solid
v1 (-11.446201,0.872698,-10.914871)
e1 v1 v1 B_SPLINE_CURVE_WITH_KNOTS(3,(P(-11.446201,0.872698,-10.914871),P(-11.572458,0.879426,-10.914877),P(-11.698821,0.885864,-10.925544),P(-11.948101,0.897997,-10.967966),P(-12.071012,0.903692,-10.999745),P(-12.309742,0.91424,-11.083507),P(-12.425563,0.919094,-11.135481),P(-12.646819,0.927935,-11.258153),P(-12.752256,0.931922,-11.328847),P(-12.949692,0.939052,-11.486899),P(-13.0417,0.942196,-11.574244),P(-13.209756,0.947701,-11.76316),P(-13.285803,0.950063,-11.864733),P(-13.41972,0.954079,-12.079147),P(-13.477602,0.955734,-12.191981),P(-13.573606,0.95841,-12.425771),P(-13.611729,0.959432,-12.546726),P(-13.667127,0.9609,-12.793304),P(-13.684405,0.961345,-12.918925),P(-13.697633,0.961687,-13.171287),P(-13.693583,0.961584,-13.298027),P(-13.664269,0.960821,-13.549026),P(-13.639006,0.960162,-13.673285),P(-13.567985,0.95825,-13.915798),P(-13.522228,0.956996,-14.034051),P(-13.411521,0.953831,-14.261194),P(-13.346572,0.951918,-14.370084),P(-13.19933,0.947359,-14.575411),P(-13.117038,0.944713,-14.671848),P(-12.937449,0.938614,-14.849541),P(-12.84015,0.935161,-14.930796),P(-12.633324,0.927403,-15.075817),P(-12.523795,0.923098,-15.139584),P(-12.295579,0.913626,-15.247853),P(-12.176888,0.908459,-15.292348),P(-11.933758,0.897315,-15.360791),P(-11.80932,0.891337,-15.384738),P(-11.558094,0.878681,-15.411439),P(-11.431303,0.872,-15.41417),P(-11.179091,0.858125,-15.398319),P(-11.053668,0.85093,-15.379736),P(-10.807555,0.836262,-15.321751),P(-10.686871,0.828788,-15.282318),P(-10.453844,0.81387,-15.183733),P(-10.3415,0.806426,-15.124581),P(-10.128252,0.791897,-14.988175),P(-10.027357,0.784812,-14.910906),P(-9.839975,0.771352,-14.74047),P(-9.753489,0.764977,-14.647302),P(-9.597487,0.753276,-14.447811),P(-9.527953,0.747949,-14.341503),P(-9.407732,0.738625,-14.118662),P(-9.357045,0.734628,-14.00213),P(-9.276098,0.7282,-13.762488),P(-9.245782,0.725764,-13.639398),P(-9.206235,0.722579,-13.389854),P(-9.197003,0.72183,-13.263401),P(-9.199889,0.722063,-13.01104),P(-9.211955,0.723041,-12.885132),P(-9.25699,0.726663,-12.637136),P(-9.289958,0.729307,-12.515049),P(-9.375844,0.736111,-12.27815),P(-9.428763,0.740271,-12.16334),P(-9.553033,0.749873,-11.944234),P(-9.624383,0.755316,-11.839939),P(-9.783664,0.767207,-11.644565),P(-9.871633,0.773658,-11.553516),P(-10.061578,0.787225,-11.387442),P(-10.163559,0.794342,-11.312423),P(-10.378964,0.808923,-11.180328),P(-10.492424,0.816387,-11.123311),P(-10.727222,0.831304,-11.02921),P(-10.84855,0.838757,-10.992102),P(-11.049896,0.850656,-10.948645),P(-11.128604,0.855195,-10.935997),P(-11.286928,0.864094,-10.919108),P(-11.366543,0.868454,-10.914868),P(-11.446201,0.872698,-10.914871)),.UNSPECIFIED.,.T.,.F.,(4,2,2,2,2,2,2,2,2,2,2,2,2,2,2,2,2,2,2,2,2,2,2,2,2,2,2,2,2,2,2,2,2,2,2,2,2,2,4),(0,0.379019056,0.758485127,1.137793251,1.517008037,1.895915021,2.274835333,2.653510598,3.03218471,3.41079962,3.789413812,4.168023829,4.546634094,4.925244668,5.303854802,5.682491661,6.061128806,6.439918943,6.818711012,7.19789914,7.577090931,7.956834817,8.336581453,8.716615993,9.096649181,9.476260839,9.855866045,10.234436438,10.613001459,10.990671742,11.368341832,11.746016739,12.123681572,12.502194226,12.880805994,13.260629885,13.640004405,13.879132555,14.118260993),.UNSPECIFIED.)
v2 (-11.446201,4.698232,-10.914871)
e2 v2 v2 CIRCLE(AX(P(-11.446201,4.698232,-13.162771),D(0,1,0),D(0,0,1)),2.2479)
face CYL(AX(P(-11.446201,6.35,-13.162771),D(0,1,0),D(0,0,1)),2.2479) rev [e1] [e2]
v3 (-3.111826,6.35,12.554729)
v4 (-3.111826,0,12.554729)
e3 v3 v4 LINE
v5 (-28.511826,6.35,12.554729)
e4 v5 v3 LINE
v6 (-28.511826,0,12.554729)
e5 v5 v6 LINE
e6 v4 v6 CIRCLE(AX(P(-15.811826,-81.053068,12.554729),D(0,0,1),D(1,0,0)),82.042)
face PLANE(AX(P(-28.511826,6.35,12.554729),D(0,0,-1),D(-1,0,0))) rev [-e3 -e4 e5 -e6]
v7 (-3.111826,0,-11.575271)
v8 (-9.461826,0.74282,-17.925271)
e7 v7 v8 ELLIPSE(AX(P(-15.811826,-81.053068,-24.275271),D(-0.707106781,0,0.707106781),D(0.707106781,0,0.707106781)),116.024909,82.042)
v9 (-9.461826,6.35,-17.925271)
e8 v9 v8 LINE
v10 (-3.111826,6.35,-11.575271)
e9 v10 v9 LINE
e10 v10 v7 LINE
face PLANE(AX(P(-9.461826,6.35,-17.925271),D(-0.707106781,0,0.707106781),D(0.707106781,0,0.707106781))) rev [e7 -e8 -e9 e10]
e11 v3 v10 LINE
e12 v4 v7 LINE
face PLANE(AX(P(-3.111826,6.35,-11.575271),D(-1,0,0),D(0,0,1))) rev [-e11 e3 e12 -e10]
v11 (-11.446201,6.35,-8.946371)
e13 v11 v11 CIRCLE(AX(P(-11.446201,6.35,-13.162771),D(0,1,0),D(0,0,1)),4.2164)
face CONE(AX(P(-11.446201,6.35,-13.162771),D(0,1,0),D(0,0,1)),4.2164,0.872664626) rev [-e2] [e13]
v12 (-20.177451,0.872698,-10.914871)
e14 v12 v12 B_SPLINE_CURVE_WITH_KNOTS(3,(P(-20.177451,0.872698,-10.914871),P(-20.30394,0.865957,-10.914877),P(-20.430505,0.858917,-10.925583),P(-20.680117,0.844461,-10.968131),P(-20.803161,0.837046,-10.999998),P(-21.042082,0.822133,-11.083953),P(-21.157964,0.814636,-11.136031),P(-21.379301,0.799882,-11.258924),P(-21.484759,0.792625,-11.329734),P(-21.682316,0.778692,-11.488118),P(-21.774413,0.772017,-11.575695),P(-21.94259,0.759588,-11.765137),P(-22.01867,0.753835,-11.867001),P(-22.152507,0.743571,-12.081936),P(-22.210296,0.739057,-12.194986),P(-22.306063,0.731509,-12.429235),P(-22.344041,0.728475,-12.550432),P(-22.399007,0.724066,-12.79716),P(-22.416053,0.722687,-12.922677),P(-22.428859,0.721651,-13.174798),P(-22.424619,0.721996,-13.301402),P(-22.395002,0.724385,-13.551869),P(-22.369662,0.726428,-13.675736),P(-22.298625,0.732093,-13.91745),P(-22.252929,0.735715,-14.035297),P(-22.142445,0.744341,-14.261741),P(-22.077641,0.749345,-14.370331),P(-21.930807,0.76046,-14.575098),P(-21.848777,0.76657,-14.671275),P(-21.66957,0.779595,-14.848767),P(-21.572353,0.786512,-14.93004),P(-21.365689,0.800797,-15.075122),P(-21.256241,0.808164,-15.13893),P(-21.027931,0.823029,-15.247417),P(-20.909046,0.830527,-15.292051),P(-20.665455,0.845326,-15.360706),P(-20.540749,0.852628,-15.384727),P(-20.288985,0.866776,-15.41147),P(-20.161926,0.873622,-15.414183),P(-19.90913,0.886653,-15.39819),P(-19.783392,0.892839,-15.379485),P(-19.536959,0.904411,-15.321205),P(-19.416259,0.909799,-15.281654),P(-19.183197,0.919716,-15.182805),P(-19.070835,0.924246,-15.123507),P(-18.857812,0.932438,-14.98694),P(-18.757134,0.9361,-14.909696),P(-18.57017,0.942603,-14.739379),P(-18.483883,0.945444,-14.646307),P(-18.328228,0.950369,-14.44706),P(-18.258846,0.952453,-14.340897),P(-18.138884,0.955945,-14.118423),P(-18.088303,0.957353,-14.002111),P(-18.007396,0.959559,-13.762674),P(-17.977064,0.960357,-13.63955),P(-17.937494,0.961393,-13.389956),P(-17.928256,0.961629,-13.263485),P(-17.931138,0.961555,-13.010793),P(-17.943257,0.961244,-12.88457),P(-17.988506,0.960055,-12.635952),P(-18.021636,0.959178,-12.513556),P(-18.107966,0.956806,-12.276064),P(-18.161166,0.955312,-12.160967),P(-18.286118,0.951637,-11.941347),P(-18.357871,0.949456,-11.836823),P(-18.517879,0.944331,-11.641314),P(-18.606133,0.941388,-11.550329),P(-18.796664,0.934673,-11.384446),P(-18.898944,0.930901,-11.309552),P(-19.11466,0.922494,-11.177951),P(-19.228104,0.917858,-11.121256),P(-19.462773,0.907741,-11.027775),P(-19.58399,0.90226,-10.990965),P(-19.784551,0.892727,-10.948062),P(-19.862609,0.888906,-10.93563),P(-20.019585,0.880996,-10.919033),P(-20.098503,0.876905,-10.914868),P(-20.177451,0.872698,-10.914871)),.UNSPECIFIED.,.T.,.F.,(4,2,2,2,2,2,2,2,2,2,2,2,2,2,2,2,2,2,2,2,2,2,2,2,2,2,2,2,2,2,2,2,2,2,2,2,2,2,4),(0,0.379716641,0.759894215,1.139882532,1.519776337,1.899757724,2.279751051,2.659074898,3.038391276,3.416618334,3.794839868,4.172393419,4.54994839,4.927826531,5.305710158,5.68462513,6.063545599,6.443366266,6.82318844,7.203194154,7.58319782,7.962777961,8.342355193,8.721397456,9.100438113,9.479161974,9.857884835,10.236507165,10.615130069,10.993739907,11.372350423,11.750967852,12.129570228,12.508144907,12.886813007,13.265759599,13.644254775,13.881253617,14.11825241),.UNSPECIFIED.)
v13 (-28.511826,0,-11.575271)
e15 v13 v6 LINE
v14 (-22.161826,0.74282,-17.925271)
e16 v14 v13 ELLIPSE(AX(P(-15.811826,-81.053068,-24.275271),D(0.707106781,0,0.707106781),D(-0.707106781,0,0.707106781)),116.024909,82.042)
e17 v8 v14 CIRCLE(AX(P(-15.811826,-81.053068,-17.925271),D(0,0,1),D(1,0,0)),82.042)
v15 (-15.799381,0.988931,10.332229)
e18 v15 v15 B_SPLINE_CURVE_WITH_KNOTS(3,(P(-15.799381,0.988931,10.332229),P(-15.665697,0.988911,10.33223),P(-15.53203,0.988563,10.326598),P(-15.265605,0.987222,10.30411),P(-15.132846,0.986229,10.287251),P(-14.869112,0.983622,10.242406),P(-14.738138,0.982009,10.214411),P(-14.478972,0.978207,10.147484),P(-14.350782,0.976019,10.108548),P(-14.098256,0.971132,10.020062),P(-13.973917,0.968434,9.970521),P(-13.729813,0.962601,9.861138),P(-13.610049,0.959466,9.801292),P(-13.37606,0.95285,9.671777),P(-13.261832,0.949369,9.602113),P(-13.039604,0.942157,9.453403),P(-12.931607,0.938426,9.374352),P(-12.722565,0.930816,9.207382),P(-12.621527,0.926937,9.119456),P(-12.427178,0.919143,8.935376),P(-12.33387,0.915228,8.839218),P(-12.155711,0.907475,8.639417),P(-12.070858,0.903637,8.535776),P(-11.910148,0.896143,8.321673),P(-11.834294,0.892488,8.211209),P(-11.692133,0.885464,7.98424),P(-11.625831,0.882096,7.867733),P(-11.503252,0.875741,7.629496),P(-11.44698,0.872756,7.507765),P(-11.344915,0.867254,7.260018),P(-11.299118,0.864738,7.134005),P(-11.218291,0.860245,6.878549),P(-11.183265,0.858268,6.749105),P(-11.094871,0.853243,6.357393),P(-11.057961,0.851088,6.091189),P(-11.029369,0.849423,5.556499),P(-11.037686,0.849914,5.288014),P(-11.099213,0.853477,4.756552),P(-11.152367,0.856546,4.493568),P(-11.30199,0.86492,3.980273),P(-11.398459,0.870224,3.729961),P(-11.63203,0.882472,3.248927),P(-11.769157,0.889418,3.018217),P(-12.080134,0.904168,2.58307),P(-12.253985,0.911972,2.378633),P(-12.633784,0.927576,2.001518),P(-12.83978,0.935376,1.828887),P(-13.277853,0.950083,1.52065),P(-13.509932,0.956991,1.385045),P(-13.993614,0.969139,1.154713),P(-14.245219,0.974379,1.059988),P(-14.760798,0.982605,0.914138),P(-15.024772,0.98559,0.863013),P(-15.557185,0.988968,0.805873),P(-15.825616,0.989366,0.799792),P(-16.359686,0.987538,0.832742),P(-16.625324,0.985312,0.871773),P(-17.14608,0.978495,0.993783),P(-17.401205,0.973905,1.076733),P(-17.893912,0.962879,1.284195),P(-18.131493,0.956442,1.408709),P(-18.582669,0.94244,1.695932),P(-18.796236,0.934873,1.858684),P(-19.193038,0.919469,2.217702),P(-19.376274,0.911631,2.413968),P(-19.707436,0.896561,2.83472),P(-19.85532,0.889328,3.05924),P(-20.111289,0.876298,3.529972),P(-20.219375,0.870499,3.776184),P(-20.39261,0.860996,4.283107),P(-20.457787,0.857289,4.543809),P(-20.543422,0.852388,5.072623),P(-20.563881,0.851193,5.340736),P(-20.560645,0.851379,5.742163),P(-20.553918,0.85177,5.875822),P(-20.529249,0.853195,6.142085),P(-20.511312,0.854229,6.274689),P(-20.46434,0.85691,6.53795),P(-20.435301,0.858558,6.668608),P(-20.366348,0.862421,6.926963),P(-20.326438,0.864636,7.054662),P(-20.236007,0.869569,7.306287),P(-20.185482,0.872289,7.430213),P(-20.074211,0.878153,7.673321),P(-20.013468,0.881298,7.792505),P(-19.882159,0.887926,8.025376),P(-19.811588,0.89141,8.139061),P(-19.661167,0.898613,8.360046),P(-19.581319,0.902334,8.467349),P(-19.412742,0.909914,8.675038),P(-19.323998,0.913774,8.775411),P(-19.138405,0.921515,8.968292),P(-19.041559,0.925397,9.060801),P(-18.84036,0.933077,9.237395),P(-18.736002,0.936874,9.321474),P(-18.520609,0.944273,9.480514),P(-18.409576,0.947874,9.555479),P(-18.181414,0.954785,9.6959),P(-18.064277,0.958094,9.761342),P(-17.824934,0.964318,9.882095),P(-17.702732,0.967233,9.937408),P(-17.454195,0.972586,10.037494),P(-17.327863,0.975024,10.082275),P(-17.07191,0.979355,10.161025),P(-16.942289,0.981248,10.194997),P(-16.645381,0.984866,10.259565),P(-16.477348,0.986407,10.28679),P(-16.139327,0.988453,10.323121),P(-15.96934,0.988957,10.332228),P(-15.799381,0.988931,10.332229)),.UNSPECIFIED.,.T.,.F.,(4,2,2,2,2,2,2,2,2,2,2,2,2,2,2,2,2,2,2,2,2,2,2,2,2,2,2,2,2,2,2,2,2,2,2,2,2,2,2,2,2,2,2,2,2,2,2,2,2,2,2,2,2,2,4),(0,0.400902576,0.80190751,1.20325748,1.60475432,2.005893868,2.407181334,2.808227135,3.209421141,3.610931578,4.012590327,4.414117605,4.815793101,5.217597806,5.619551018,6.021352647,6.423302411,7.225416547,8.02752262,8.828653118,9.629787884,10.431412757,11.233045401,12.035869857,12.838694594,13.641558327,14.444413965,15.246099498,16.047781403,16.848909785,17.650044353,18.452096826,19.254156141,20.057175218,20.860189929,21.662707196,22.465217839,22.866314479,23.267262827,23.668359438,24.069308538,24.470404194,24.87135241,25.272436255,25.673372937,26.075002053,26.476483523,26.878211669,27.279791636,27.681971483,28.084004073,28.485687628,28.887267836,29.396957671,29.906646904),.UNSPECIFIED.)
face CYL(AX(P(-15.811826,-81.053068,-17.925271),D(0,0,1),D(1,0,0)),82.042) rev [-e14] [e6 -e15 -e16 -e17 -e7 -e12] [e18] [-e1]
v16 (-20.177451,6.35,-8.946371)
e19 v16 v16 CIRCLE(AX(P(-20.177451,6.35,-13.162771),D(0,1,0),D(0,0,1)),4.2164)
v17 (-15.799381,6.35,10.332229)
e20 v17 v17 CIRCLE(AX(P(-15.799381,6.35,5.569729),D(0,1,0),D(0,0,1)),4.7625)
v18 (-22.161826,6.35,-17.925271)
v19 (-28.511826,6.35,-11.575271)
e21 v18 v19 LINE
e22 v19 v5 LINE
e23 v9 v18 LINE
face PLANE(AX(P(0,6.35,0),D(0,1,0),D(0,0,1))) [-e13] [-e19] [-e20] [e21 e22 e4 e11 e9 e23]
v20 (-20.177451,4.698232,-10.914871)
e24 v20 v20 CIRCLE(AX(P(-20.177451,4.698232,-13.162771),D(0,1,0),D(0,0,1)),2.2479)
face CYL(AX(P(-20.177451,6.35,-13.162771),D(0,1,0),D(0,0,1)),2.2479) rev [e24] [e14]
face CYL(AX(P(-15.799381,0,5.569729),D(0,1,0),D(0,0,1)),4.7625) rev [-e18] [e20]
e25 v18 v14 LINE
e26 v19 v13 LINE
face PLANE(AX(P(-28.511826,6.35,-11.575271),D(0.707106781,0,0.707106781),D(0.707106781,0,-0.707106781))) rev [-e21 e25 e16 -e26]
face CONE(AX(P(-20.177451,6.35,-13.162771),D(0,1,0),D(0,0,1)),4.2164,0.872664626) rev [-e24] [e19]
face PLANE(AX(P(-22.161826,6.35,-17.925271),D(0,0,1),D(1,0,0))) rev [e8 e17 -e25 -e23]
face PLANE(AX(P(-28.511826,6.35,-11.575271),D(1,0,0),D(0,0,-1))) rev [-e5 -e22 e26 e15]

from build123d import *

# Parameters (mm, degrees)
BOSS_EXTRUDE1_DEPTH                               = 6.35
CSK_FOR_8_FLAT_HEAD_MACHINE_SCREW_100_D           = 4.4958
CSK_FOR_8_FLAT_HEAD_MACHINE_SCREW_100_CSINK_D     = 8.4328
CSK_FOR_8_FLAT_HEAD_MACHINE_SCREW_100_CSINK_ANGLE = 100
SKETCH2_R                                         = 82.042
CUT_EXTRUDE1_DEPTH                                = 43.217023873
SKETCH5_R                                         = 1.1303
CUT_EXTRUDE2_DEPTH                                = 35.271884391
SKETCH6_R                                         = 4.7625
CUT_EXTRUDE3_DEPTH                                = 35.271884391


with BuildPart() as part:
    # Sketch1 → Boss-Extrude1 (new body)
    with BuildSketch(Plane(origin=(0, 0, 0), x_dir=(1, 0, 0), z_dir=(0, 1, 0))):
        Polygon((-28.511825699, 11.575271113), (-22.161825699, 17.925271113), (-9.461825699, 17.925271113), (-3.111825699, 11.575271113), (-3.111825699, -12.554728887), (-28.511825699, -12.554728887), align=None)
    extrude(amount=BOSS_EXTRUDE1_DEPTH)

    # CSK for #8 Flat Head Machine Screw (100)1 (through all)
    with Locations(Plane(origin=(0, 6.35, 0), x_dir=(1, 0, 0), z_dir=(0, 1, 0))):
        with Locations((-20.177450699, 13.162771113), (-11.446200699, 13.162771113)):
            CounterSinkHole(CSK_FOR_8_FLAT_HEAD_MACHINE_SCREW_100_D / 2, CSK_FOR_8_FLAT_HEAD_MACHINE_SCREW_100_CSINK_D / 2, counter_sink_angle=CSK_FOR_8_FLAT_HEAD_MACHINE_SCREW_100_CSINK_ANGLE)

    # Sketch2 → Cut-Extrude1 (cut, through all)
    with BuildSketch(Plane.XY.offset(12.554728887)):
        with Locations((-15.811825699, -81.053067579)):
            Circle(SKETCH2_R)
    extrude(amount=-CUT_EXTRUDE1_DEPTH, mode=Mode.SUBTRACT)

    # Sketch5 → Cut-Extrude2 (cut, through all)
    with BuildSketch(Plane(origin=(0, 6.35, 0), x_dir=(1, 0, 0), z_dir=(0, 1, 0))):
        with Locations(Location((-15.799380503, -5.569728887, 0), (0, 0, 270))):
            Circle(SKETCH5_R)
    extrude(amount=-CUT_EXTRUDE2_DEPTH, mode=Mode.SUBTRACT)

    # Sketch6 → Cut-Extrude3 (cut, through all)
    with BuildSketch(Plane(origin=(0, 6.35, 0), x_dir=(1, 0, 0), z_dir=(0, 1, 0))):
        with Locations(Location((-15.799380503, -5.569728887, 0), (0, 0, 270))):
            Circle(SKETCH6_R)
    extrude(amount=-CUT_EXTRUDE3_DEPTH, mode=Mode.SUBTRACT)


solid = part.part
